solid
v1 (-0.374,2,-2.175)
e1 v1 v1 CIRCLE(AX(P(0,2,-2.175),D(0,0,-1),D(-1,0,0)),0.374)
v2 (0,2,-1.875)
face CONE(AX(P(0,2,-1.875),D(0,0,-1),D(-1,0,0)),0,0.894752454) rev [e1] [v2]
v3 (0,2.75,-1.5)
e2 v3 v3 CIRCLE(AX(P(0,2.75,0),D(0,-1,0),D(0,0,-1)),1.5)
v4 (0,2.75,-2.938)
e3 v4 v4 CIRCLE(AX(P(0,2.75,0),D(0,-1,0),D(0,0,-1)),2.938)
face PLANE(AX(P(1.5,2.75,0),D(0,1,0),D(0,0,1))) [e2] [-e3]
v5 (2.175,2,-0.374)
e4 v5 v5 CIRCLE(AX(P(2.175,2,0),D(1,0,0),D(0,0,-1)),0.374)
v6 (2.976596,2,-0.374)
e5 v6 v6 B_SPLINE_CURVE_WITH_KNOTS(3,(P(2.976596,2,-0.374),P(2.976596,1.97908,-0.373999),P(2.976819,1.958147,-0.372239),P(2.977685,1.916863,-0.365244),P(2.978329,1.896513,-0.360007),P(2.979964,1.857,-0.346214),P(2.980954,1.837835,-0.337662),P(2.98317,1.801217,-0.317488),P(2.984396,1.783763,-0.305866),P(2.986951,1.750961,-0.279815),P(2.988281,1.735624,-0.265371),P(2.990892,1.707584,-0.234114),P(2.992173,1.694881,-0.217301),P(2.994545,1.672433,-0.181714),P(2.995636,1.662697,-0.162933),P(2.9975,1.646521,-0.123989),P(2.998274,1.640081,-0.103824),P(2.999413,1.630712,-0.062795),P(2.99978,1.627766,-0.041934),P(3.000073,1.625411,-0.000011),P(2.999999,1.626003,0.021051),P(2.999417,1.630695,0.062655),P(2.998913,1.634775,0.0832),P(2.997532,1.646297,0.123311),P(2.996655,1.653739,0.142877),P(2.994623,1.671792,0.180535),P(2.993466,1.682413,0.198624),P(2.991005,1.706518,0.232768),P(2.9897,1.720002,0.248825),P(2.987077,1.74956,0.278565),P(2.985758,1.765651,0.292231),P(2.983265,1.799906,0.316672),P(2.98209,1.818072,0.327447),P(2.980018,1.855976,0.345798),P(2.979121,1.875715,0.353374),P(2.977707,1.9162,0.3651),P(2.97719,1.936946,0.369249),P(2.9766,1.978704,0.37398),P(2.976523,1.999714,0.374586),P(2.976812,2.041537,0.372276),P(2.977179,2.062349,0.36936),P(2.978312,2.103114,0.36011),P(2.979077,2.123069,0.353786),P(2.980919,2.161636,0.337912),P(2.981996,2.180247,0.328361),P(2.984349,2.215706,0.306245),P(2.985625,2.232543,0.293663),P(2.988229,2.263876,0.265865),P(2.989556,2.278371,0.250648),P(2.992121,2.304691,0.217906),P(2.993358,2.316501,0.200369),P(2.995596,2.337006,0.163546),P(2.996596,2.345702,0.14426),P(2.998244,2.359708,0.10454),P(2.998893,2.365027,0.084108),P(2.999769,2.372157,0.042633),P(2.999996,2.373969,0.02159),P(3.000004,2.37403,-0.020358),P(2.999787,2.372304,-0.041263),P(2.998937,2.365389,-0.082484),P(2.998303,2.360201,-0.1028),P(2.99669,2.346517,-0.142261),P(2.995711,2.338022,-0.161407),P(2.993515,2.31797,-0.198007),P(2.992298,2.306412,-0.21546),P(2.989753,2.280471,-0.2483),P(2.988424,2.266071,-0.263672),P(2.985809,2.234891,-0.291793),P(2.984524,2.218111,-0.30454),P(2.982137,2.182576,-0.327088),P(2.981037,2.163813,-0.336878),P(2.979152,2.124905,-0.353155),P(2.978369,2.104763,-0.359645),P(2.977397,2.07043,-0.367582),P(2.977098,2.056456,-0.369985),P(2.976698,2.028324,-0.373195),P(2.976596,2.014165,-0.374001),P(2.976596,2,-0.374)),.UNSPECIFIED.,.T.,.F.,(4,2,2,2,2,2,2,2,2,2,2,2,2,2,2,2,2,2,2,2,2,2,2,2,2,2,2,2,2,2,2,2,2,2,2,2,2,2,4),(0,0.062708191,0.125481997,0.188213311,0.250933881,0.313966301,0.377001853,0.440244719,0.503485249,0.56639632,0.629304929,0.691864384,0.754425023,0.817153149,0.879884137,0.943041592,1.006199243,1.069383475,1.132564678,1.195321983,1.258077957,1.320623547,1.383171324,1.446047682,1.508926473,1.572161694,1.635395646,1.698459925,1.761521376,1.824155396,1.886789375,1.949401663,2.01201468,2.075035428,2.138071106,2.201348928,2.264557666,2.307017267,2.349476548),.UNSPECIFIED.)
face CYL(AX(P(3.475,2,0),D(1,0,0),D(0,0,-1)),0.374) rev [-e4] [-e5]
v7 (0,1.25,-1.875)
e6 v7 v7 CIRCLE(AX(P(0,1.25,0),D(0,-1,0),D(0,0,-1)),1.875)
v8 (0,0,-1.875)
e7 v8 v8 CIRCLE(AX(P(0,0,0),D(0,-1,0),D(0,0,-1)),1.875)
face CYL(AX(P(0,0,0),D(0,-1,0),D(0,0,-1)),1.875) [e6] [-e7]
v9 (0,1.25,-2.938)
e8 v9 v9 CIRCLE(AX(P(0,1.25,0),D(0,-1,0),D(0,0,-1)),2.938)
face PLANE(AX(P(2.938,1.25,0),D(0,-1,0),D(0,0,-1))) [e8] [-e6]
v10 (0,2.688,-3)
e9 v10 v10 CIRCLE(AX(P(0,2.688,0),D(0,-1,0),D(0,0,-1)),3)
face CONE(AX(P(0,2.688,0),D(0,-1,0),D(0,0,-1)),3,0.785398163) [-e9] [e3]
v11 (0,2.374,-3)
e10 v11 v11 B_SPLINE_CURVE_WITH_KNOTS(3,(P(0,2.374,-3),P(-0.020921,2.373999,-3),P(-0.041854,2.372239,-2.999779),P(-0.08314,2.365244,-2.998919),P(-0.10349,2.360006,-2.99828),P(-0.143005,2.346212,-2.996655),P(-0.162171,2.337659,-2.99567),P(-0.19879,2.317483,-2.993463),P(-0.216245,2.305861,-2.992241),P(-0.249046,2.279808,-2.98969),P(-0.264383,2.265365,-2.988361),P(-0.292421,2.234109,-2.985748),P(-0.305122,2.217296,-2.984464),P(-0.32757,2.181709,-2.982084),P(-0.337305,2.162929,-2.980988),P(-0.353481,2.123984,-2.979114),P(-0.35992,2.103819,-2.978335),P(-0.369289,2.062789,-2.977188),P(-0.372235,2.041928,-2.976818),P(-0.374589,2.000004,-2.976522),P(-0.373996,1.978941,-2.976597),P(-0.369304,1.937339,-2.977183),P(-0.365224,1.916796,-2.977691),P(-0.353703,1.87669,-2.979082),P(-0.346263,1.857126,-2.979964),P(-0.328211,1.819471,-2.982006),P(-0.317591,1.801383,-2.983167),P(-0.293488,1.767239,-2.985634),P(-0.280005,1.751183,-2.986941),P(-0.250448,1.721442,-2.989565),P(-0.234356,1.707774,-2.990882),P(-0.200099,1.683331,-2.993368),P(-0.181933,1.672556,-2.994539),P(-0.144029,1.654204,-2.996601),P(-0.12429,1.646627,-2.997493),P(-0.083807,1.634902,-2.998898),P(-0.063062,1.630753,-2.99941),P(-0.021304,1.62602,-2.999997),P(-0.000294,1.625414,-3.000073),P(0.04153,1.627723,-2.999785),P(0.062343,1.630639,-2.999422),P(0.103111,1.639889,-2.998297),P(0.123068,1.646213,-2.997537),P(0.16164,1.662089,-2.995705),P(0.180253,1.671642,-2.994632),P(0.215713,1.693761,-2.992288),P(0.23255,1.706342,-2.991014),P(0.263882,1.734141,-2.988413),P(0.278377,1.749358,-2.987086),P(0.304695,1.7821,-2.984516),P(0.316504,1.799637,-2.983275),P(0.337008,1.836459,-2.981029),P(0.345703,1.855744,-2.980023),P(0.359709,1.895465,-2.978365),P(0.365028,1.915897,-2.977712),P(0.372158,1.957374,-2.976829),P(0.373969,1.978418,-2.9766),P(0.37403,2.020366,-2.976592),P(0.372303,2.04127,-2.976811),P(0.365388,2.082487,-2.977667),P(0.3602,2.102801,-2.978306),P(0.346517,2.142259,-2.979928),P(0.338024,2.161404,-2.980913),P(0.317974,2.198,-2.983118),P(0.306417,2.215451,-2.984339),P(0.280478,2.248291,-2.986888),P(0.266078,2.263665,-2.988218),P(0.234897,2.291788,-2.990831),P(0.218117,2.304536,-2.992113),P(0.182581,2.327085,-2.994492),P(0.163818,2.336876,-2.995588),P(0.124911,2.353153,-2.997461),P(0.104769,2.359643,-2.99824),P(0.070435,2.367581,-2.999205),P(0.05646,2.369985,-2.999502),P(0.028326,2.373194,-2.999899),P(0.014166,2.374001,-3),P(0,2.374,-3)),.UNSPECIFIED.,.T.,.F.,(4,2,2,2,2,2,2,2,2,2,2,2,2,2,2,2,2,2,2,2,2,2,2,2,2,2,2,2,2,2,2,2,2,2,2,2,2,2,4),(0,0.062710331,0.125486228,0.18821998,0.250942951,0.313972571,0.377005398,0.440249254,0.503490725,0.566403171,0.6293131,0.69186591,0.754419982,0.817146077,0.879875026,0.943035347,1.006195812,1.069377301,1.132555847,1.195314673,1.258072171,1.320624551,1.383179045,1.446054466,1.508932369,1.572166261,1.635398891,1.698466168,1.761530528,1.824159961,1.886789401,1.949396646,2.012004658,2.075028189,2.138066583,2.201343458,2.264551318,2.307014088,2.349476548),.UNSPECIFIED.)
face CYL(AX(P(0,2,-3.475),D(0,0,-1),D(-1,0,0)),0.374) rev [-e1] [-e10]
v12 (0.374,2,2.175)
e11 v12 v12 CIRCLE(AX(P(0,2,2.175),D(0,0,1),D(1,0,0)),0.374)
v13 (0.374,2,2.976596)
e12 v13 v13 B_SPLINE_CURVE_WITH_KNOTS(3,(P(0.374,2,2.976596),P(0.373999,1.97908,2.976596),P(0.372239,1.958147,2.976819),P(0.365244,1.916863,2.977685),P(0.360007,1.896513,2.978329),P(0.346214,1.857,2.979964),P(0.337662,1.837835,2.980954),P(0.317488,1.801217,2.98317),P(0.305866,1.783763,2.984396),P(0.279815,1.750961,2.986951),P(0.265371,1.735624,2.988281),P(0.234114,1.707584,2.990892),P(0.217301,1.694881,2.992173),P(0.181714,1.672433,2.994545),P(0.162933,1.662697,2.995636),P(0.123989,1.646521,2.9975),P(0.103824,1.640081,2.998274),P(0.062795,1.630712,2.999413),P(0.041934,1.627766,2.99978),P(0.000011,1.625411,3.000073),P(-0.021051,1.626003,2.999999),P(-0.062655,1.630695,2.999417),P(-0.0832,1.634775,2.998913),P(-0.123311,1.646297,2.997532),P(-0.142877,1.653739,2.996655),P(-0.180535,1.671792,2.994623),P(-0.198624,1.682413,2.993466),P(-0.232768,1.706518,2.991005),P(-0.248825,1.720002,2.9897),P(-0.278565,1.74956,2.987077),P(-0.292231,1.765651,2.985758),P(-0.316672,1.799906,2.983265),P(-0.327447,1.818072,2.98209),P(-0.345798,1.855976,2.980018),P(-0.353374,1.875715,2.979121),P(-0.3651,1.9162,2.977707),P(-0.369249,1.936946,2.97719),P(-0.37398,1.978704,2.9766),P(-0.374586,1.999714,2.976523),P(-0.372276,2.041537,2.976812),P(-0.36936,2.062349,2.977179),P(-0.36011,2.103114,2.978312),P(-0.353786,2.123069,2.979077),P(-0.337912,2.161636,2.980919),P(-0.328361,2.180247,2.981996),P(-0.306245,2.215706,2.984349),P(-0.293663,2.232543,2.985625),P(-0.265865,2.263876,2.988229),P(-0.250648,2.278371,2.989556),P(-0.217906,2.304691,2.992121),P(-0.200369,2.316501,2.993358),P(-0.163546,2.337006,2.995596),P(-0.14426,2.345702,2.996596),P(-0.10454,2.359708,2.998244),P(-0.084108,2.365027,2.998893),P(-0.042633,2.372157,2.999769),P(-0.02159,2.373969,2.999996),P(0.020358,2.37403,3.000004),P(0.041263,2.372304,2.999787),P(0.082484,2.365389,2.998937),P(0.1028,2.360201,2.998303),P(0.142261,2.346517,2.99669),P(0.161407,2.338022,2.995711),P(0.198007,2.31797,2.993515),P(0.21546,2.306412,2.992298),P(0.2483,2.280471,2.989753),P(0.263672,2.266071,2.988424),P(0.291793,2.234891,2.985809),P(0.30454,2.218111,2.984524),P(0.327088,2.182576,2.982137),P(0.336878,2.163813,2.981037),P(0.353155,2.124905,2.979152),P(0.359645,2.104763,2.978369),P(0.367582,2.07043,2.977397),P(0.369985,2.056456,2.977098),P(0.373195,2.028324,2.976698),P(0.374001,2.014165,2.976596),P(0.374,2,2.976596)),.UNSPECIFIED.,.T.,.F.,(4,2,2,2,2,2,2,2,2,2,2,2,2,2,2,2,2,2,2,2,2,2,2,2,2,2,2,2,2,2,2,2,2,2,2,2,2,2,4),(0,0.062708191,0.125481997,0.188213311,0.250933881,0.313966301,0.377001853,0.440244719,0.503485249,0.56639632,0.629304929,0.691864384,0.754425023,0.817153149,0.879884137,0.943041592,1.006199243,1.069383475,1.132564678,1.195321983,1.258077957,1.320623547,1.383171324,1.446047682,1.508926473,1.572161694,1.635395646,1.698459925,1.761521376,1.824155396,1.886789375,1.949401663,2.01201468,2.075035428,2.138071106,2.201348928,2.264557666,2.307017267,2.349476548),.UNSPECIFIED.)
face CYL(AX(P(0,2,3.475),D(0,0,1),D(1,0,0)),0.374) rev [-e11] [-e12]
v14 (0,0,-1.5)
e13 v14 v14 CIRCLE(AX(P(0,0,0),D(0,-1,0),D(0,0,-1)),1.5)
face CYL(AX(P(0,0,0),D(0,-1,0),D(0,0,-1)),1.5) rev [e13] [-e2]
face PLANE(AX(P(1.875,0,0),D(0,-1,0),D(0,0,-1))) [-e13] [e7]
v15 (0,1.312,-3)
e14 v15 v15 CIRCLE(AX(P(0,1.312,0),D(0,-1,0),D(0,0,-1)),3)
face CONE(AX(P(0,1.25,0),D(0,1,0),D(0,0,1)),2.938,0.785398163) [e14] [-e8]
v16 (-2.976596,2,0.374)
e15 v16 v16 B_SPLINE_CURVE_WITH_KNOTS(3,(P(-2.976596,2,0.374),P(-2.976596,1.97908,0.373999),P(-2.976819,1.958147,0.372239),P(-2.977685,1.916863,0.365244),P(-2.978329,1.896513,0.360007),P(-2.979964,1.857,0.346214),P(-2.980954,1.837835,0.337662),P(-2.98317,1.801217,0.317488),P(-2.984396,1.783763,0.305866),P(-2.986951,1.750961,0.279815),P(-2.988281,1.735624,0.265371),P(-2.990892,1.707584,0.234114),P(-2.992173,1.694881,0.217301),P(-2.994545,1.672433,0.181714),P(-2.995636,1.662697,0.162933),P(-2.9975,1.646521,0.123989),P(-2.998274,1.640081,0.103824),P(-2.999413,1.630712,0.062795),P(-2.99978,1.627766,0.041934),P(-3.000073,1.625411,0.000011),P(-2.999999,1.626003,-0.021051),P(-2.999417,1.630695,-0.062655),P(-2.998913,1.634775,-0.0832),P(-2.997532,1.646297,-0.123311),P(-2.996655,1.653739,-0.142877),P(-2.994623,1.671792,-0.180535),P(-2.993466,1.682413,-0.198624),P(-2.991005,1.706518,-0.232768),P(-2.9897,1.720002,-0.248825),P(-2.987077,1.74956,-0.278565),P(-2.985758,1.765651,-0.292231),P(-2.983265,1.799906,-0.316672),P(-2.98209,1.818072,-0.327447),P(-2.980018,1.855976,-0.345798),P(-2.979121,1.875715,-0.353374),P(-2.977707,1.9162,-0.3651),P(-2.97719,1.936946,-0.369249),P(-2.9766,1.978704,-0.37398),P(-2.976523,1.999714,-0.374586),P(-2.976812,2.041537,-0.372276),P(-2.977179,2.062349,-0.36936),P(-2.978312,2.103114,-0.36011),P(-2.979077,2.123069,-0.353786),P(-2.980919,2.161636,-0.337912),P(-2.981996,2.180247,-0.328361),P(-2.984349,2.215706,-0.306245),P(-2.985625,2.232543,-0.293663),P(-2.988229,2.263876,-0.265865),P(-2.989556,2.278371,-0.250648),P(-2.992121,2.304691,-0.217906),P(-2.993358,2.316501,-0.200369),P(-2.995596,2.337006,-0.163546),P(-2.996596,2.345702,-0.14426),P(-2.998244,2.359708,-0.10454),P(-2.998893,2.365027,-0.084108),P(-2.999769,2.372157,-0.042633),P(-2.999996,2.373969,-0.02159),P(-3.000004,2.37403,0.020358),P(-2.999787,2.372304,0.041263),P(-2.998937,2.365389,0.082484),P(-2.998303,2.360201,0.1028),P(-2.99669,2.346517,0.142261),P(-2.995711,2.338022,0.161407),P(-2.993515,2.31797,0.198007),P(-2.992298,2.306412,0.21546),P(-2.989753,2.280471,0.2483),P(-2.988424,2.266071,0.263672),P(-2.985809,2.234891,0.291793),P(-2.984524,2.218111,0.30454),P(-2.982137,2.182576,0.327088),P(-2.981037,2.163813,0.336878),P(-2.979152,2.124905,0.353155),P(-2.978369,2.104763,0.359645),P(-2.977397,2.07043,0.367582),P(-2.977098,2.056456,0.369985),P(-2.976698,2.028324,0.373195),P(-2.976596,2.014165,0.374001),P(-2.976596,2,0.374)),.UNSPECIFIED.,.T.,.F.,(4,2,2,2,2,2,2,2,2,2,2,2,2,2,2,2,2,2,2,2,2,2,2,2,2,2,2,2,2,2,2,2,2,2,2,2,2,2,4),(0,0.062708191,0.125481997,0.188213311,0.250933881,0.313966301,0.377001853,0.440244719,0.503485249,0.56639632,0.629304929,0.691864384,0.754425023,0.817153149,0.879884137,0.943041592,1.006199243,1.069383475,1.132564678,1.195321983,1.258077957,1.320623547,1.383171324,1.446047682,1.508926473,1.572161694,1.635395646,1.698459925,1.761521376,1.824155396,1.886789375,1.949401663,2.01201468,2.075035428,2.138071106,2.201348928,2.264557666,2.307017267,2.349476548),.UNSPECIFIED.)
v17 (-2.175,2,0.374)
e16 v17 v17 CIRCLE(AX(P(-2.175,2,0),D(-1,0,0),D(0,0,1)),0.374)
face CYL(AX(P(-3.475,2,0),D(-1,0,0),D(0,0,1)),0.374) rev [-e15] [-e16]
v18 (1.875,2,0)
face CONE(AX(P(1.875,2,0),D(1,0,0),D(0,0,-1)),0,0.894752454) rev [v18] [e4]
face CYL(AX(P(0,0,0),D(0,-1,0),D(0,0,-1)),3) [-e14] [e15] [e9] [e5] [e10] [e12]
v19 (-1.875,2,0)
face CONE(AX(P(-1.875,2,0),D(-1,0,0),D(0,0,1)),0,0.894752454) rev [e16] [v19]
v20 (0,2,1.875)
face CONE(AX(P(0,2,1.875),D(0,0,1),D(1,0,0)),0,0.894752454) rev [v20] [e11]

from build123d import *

# Parameters (mm, degrees)
CIRPATTERN1_COUNT = 4


with BuildPart() as part:
    # Sketch1 → Revolve2 (revolve)
    with BuildSketch(Plane.XY):
        Polygon((1.5, 0), (1.5, 2.75), (2.938, 2.75), (3, 2.688), (3, 1.312), (2.938, 1.25), (1.875, 1.25), (1.875, 0), align=None)
    revolve(axis=Axis((0, 0, 0), (0, 1, 0)))

    # Sketch4 → Cut-Revolve1 (revolve, cut)
    with BuildSketch(Plane.XY):
        Polygon((-3.475, 2.374), (-2.175, 2.374), (-1.875, 2), (-3.475, 2), align=None)
    cut_revolve1 = revolve(axis=Axis((-3.475, 2, 0), (1, 0, 0)), mode=Mode.SUBTRACT)

    # CirPattern1: Cut-Revolve1 ×4 about axis
    cirpattern1_axis = Axis((0, 2.75, 0), (0, -1, 0))
    for i in range(1, CIRPATTERN1_COUNT):
        add(cut_revolve1.rotate(cirpattern1_axis, i * 360 / CIRPATTERN1_COUNT), mode=Mode.SUBTRACT)


solid = part.part
